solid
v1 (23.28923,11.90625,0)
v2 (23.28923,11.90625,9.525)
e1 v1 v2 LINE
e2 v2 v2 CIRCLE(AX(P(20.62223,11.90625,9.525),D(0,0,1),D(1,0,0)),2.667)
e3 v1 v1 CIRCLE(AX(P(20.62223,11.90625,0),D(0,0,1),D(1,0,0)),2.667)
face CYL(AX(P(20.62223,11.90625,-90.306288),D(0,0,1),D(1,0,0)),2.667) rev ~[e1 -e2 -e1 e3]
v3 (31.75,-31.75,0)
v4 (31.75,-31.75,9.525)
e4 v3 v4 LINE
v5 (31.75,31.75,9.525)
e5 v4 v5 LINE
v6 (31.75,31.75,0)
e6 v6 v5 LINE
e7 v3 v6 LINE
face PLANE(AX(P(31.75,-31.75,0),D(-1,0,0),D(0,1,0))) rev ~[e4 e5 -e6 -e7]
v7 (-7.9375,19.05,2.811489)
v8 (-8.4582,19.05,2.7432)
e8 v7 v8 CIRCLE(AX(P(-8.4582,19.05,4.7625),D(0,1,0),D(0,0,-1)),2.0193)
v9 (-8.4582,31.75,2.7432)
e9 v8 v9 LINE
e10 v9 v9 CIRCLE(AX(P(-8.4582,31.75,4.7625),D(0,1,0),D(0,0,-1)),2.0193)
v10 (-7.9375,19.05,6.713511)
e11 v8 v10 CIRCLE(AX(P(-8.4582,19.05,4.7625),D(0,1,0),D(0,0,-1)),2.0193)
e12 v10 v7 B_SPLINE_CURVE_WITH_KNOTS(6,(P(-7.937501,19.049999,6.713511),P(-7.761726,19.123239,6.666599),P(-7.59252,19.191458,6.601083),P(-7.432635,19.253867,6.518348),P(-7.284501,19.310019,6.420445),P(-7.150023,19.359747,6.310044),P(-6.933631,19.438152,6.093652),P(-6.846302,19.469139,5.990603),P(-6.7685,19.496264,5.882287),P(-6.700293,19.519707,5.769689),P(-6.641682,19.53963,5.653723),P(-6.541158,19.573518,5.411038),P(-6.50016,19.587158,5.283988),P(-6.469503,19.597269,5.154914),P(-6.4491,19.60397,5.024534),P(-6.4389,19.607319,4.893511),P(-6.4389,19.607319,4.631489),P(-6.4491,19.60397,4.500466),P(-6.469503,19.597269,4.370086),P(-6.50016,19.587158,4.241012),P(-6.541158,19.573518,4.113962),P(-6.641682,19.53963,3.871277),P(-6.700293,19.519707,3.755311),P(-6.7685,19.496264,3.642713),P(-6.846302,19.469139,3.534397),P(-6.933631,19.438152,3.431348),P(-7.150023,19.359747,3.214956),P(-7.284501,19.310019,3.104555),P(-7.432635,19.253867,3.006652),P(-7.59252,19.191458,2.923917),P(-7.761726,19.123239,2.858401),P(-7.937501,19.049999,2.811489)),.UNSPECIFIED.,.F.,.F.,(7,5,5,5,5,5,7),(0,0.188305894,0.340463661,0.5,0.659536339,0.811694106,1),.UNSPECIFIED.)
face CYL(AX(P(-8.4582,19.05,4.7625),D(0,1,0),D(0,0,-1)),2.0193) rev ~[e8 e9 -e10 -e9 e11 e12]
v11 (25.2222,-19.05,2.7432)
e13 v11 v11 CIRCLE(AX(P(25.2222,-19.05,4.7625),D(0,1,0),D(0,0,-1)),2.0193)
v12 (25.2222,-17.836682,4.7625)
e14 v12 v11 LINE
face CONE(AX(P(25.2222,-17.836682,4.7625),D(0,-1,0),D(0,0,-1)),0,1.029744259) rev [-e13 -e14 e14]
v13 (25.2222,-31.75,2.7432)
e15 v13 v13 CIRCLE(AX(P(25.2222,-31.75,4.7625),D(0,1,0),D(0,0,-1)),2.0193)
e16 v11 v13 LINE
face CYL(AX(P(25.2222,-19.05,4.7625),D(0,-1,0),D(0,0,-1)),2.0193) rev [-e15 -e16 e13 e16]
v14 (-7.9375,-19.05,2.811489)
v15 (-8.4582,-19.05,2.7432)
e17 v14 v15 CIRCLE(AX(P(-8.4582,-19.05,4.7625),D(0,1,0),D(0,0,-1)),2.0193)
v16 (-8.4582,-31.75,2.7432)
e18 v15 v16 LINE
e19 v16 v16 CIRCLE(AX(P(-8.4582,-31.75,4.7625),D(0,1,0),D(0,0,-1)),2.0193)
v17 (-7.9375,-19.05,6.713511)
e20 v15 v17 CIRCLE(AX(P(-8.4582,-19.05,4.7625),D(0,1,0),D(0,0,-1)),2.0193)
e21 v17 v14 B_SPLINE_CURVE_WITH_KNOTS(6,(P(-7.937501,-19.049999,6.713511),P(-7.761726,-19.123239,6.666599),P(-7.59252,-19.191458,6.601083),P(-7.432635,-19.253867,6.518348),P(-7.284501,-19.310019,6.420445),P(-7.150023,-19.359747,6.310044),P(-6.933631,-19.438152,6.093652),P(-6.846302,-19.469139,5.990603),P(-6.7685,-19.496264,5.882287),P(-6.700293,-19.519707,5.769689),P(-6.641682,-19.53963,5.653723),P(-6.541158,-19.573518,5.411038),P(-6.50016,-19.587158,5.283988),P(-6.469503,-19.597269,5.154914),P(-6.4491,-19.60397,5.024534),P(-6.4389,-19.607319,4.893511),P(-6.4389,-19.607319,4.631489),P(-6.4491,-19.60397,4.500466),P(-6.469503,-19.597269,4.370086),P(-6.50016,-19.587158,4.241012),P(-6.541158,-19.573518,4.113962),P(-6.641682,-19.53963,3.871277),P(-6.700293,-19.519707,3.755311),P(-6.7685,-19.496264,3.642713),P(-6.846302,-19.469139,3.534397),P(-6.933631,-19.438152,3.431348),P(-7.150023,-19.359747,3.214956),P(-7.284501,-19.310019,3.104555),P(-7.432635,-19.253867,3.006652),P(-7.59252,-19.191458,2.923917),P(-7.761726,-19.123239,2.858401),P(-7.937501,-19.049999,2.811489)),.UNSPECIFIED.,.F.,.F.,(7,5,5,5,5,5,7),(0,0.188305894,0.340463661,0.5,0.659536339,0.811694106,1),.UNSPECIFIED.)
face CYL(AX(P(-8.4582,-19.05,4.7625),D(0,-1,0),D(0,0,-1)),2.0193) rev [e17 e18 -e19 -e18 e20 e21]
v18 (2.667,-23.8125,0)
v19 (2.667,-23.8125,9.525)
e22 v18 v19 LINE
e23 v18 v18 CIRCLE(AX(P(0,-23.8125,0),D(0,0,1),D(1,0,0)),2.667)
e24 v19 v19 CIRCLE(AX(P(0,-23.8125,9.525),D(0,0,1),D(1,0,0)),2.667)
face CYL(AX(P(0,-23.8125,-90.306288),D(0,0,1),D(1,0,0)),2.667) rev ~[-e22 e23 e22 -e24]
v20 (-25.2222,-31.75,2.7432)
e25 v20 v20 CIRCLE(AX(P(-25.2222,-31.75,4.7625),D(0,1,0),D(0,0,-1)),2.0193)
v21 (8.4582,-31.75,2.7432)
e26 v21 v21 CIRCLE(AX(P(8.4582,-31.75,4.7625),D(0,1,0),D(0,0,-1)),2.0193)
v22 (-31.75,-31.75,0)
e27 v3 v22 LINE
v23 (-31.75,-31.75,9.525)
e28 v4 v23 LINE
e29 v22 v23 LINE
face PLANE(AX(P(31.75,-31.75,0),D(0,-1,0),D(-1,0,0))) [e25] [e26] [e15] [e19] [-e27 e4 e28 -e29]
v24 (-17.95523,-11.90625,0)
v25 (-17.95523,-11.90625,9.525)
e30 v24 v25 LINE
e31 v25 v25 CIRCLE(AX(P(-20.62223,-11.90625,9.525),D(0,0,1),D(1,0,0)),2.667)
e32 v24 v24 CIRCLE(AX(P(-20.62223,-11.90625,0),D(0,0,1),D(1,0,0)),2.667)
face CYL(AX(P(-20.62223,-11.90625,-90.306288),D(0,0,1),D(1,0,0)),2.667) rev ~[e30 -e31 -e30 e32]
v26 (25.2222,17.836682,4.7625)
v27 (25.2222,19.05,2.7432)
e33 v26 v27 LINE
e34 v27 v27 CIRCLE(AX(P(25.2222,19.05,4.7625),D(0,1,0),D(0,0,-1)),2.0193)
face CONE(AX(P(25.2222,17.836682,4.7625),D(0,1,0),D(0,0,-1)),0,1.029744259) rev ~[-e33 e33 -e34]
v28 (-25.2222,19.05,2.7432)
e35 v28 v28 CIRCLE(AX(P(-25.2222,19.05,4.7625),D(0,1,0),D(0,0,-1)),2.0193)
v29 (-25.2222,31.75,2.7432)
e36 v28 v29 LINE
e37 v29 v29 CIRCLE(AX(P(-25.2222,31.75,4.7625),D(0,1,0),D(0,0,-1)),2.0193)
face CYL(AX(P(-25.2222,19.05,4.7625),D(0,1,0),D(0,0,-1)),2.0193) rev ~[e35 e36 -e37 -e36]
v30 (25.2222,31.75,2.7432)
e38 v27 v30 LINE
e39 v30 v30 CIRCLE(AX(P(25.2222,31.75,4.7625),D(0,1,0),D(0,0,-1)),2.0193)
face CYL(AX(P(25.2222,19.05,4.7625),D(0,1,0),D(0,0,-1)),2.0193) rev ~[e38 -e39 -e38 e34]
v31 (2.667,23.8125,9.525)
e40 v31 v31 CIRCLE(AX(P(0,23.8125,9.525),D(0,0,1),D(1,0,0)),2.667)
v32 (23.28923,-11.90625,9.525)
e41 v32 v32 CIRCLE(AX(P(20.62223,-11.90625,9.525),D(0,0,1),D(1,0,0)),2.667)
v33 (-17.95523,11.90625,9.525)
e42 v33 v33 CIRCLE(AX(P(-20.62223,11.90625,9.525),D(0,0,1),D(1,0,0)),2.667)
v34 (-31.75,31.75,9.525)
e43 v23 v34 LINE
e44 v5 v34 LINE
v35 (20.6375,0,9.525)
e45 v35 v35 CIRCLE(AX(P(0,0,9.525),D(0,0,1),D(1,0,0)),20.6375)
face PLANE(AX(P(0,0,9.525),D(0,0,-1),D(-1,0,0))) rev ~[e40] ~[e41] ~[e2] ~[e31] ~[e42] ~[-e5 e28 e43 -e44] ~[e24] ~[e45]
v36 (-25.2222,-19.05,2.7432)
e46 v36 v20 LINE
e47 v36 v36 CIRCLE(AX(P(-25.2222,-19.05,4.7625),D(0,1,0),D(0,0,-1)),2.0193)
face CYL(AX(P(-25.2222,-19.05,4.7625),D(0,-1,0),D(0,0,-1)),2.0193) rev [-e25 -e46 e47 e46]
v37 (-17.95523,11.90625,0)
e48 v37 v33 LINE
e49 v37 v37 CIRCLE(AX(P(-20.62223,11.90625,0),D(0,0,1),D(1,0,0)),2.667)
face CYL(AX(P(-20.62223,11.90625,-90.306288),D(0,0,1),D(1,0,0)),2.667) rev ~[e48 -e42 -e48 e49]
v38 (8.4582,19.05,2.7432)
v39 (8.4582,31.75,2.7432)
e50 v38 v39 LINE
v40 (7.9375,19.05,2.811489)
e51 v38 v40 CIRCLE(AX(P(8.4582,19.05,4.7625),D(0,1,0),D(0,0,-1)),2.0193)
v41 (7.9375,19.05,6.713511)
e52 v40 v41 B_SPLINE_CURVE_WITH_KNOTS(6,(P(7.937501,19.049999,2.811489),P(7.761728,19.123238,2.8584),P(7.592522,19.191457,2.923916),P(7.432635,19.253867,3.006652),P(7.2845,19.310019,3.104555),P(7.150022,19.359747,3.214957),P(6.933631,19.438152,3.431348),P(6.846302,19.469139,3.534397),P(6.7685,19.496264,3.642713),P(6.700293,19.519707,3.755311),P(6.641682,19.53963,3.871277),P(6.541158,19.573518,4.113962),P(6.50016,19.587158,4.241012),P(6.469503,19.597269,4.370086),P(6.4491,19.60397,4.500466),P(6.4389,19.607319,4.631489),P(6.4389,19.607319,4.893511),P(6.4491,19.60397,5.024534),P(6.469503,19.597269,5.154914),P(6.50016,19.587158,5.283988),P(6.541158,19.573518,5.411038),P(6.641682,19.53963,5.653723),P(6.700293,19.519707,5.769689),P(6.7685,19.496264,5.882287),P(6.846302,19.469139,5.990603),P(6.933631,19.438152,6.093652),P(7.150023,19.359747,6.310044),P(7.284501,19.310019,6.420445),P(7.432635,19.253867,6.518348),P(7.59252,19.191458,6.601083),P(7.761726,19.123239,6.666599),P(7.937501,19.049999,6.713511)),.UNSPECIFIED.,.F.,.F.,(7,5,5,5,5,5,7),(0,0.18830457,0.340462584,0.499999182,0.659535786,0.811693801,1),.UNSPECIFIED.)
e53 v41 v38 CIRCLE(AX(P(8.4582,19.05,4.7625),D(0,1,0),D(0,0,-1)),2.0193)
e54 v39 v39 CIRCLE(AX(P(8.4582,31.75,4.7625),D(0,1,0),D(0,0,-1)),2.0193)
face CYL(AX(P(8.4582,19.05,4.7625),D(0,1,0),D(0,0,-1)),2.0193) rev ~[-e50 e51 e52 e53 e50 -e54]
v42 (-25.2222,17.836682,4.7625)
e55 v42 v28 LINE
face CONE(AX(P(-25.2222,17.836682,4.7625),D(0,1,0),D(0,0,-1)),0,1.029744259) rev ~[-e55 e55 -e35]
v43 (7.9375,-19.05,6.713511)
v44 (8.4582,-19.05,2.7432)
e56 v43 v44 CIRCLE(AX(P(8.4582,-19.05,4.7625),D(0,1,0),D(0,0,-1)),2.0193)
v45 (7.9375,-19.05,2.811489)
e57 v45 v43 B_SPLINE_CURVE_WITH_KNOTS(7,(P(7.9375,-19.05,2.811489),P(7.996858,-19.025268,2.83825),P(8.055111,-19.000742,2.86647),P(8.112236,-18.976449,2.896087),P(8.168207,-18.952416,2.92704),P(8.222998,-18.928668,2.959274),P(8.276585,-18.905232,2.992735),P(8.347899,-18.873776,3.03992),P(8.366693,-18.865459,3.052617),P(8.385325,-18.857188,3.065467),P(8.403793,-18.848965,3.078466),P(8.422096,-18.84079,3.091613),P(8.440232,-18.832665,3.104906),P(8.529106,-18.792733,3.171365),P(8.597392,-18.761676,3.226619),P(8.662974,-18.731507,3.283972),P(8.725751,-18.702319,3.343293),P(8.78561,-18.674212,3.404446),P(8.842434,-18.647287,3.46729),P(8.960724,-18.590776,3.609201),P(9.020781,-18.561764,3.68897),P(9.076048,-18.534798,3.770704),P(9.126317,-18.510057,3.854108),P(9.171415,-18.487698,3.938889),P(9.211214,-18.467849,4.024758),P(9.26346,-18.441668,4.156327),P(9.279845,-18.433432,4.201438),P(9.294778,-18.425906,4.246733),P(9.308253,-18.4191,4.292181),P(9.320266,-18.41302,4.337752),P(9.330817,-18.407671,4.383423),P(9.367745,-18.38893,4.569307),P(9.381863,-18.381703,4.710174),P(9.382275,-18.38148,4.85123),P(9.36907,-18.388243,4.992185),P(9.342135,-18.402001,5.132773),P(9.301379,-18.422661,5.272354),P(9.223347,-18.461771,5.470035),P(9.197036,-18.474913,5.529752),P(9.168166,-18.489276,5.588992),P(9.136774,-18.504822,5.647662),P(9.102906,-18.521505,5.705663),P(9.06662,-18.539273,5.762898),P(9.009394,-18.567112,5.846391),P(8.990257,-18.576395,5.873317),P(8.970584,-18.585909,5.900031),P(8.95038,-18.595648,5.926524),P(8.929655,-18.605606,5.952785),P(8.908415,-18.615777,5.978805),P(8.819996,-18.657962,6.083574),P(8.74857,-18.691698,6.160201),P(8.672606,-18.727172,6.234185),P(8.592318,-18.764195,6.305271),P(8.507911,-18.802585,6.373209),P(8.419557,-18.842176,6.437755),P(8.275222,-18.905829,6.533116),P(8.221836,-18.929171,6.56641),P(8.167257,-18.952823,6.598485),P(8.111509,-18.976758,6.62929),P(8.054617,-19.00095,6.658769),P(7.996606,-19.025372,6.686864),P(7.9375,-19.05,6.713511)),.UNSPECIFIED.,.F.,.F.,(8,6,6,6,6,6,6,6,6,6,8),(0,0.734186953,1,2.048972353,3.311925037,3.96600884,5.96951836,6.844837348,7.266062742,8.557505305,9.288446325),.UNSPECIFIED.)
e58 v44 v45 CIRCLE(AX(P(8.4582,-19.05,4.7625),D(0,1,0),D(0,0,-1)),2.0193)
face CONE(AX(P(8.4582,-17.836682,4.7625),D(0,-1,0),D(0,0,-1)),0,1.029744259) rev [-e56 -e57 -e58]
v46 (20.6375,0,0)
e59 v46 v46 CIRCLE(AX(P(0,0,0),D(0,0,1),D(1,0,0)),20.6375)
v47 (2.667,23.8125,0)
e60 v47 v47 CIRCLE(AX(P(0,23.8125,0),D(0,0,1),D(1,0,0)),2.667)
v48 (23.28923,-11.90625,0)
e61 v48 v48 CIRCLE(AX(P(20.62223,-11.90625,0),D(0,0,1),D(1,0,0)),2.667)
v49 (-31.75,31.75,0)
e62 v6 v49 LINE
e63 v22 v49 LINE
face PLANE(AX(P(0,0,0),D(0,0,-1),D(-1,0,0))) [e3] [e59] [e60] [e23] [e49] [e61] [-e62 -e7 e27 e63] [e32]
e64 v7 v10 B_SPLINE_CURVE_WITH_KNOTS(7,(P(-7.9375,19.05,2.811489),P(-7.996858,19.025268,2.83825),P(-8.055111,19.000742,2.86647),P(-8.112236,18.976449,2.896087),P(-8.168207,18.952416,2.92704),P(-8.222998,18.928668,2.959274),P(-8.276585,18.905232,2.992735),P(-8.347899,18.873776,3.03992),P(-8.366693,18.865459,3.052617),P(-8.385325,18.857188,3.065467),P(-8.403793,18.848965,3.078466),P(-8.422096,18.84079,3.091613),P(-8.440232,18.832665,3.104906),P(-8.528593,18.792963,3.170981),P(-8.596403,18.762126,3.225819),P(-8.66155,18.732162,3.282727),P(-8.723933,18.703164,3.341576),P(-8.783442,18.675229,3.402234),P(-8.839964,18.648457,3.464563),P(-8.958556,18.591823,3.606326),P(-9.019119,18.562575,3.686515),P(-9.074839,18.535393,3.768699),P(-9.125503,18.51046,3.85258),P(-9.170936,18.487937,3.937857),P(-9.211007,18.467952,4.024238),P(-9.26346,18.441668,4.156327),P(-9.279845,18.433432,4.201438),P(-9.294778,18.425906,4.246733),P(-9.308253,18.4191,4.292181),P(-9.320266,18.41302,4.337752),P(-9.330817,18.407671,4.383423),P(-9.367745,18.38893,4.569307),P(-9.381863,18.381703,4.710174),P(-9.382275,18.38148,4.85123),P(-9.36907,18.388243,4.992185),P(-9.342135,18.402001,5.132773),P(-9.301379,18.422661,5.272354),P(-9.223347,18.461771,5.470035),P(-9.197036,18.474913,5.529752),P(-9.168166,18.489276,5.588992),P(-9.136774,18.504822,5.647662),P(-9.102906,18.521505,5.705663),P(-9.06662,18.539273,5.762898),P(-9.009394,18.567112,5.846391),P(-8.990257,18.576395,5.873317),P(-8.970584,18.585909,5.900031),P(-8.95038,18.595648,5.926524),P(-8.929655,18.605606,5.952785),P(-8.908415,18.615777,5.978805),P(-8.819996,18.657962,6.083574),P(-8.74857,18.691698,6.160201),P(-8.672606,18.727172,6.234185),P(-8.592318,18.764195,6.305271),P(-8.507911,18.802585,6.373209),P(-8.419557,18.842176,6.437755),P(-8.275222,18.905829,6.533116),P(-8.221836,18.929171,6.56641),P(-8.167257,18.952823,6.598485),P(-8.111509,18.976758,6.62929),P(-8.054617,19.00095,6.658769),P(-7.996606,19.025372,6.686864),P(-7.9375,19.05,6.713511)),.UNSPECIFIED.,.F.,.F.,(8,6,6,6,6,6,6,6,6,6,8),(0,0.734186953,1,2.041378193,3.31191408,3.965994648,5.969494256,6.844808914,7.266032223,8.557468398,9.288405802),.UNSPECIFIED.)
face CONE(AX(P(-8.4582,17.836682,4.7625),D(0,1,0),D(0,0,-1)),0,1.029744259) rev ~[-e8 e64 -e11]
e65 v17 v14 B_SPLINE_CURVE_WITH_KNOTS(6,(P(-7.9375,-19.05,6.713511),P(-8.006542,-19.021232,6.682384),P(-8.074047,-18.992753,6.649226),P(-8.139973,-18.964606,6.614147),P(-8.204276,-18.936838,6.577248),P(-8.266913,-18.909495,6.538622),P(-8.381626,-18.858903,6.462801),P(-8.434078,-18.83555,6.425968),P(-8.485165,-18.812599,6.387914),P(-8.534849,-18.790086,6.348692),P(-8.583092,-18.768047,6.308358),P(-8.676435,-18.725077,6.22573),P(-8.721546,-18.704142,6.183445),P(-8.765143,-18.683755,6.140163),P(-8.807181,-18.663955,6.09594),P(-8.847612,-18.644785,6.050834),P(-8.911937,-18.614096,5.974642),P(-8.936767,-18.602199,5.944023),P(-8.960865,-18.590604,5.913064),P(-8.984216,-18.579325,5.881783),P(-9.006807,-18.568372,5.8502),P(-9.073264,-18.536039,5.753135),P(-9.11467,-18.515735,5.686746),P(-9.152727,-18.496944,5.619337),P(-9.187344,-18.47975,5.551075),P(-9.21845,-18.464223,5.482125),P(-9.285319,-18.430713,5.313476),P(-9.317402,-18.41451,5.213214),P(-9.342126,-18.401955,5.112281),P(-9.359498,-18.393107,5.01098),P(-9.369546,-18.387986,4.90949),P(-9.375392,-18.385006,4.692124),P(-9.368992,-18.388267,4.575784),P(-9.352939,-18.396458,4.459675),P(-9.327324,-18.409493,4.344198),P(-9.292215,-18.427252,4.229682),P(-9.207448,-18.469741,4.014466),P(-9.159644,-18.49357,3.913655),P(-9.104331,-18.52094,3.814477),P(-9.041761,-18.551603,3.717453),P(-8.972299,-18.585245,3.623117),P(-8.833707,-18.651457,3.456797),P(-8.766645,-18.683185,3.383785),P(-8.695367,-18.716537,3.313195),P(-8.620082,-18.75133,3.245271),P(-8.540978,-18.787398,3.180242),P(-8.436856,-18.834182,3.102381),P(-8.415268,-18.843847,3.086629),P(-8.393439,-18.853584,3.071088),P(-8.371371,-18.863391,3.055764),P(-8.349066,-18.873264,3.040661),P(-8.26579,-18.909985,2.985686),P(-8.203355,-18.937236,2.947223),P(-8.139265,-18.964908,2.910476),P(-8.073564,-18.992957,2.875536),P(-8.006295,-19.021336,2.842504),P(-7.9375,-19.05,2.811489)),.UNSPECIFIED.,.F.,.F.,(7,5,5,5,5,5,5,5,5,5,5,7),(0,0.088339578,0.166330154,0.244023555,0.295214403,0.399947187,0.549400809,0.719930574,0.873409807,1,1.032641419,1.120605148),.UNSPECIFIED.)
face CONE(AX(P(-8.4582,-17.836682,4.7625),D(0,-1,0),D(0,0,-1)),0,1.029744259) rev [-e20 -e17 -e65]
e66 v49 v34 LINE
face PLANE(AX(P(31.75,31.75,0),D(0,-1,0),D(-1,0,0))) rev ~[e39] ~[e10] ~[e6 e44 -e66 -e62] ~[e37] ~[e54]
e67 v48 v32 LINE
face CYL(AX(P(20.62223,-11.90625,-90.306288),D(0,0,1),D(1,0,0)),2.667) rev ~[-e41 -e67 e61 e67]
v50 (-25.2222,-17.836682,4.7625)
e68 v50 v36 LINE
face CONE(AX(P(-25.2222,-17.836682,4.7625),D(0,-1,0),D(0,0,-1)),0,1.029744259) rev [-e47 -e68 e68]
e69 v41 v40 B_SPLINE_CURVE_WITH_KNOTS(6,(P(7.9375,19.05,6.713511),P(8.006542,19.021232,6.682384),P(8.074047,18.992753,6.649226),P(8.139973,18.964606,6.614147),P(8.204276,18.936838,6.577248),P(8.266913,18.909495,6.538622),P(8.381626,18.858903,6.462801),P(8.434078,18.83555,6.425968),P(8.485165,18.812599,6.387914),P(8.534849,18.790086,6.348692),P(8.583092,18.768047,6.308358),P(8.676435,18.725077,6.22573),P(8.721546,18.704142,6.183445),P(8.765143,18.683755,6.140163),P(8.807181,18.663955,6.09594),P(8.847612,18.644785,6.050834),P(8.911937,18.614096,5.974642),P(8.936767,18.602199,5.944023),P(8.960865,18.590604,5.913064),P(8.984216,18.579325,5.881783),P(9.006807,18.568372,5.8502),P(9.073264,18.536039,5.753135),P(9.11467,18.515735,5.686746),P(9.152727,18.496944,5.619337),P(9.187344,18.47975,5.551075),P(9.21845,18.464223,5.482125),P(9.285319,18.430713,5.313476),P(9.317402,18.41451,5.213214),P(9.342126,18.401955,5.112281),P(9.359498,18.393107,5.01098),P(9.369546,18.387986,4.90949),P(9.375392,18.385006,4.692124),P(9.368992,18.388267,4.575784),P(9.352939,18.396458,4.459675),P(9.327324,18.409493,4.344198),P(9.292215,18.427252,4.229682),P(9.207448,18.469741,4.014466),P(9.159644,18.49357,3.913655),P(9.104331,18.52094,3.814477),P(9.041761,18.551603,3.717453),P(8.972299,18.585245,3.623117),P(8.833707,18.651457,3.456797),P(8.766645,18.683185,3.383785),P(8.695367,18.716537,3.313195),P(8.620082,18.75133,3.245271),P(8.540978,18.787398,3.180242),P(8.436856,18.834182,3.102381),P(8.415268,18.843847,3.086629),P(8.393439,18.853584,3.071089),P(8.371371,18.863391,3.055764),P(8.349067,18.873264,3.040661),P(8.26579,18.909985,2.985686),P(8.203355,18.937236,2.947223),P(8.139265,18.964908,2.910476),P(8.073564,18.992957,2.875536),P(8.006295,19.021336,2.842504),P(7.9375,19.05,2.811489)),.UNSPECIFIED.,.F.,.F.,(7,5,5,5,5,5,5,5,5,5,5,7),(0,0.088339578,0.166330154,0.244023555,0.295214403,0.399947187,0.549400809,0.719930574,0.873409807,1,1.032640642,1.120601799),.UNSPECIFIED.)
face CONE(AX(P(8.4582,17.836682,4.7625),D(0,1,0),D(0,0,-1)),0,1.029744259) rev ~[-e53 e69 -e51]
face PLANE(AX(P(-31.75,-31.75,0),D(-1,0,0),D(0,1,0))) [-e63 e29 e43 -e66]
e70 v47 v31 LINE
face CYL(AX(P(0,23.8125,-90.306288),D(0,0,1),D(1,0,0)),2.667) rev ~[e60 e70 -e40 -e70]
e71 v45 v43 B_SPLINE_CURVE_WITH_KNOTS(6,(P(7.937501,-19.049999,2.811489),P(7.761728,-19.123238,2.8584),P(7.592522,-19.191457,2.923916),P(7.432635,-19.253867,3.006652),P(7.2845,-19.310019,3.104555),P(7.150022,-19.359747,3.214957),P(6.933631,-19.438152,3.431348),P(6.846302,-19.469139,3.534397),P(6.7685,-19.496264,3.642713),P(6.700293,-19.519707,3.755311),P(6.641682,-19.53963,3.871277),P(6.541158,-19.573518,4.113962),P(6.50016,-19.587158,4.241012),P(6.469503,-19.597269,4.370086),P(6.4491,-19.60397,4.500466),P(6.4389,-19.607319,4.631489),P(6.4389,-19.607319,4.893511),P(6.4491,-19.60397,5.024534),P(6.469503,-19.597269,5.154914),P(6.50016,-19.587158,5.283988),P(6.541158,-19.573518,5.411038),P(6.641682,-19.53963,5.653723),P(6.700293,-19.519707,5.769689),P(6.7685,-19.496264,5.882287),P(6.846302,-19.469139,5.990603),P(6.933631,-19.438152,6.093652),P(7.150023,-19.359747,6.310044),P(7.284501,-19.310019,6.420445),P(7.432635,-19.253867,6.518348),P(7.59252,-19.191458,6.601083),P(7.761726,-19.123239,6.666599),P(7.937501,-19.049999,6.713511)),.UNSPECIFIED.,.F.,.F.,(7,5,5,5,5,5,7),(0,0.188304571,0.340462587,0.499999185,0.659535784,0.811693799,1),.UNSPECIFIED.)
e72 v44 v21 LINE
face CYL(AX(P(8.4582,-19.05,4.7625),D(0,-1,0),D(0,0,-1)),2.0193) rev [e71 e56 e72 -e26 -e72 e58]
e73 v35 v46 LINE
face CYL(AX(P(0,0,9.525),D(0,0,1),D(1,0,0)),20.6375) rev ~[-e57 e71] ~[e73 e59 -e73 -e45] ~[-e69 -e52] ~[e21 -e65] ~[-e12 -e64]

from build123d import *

# Parameters (mm, degrees)
SKETCH1_W                       = 63.5
SKETCH1_H                       = 63.5
BOSS_EXTRUDE1_DEPTH             = 9.525
SKETCH2_R                       = 20.6375
CUT_EXTRUDE1_DEPTH              = 46.900442536
F_10_32_TAPPED_HOLE1_AT_2_COUNT = 2
F_10_32_TAPPED_HOLE1_AT_2_PITCH = 16.9164
F_10_32_TAPPED_HOLE1_AT_3_COUNT = 2
F_10_32_TAPPED_HOLE1_AT_3_PITCH = 33.6804
F_10_32_TAPPED_HOLE1_AT_4_COUNT = 2
F_10_32_TAPPED_HOLE1_AT_4_PITCH = 16.764
F_10_0_1935_DIAMETER_HOLE1_D    = 5.334


with BuildPart() as part:
    # Sketch1 → Boss-Extrude1 (new body)
    with BuildSketch(Plane(origin=(0, 0, 0), x_dir=(-1, 0, 0), z_dir=(0, 0, -1))):
        Rectangle(SKETCH1_W, SKETCH1_H)
    extrude(amount=-BOSS_EXTRUDE1_DEPTH)

    # Sketch2 → Cut-Extrude1 (cut, through all)
    with BuildSketch(Plane.XY.offset(9.525)):
        Circle(SKETCH2_R)
    extrude(amount=-CUT_EXTRUDE1_DEPTH, mode=Mode.SUBTRACT)

    # Sketch3 → #10-32 Tapped Hole1 (revolve, cut)
    with BuildSketch(Plane(origin=(8.4582, -31.75, 4.7625), x_dir=(0, 0, -1), z_dir=(1, 0, 0))):
        Polygon((0, 0), (0, 13.913317848), (2.0193, 12.7), (2.0193, 0), align=None)
    f_10_32_tapped_hole1 = revolve(axis=Axis((8.4582, -38.1, 4.7625), (0, 1, 0)), mode=Mode.SUBTRACT)

    # #10-32 Tapped Hole1 at 2: #10-32 Tapped Hole1 ×2
    with Locations(*[(-i * F_10_32_TAPPED_HOLE1_AT_2_PITCH, 0, 0) for i in range(1, F_10_32_TAPPED_HOLE1_AT_2_COUNT)]):
        add(f_10_32_tapped_hole1, mode=Mode.SUBTRACT)

    # #10-32 Tapped Hole1 at 3: #10-32 Tapped Hole1 ×2
    with Locations(*[(-i * F_10_32_TAPPED_HOLE1_AT_3_PITCH, 0, 0) for i in range(1, F_10_32_TAPPED_HOLE1_AT_3_COUNT)]):
        add(f_10_32_tapped_hole1, mode=Mode.SUBTRACT)

    # #10-32 Tapped Hole1 at 4: #10-32 Tapped Hole1 ×2
    with Locations(*[(i * F_10_32_TAPPED_HOLE1_AT_4_PITCH, 0, 0) for i in range(1, F_10_32_TAPPED_HOLE1_AT_4_COUNT)]):
        add(f_10_32_tapped_hole1, mode=Mode.SUBTRACT)

    # #10 (0.1935) Diameter Hole1 (through all)
    with Locations(Plane(origin=(0, 0, 0), x_dir=(-1, 0, 0), z_dir=(0, 0, -1))):
        with Locations((-20.622229928, 11.90625), (-20.622229928, -11.90625), (0, -23.8125), (20.622229928, -11.90625), (20.622229928, 11.90625), (0, 23.8125)):
            Hole(F_10_0_1935_DIAMETER_HOLE1_D / 2)

    # Mirror1: #10-32 Tapped Hole1 across plane
    add(f_10_32_tapped_hole1.mirror(Plane.ZX), mode=Mode.SUBTRACT)

    # Mirror1 copy 1 sketch → Mirror1 copy 1 (revolve, cut)
    with BuildSketch(Plane(origin=(-8.4582, 31.75, 4.7625), x_dir=(0, 0, -1), z_dir=(1, 0, 0))):
        Polygon((0, 0), (0, -13.913317848), (2.0193, -12.7), (2.0193, 0), align=None)
    revolve(axis=Axis((-8.4582, 38.1, 4.7625), (0, 1, 0)), mode=Mode.SUBTRACT)

    # Mirror1 copy 2 sketch → Mirror1 copy 2 (revolve, cut)
    with BuildSketch(Plane(origin=(-25.2222, 31.75, 4.7625), x_dir=(0, 0, -1), z_dir=(1, 0, 0))):
        Polygon((0, 0), (0, -13.913317848), (2.0193, -12.7), (2.0193, 0), align=None)
    revolve(axis=Axis((-25.2222, 38.1, 4.7625), (0, 1, 0)), mode=Mode.SUBTRACT)

    # Mirror1 copy 3 sketch → Mirror1 copy 3 (revolve, cut)
    with BuildSketch(Plane(origin=(25.2222, 31.75, 4.7625), x_dir=(0, 0, -1), z_dir=(1, 0, 0))):
        Polygon((0, 0), (0, -13.913317848), (2.0193, -12.7), (2.0193, 0), align=None)
    revolve(axis=Axis((25.2222, 38.1, 4.7625), (0, 1, 0)), mode=Mode.SUBTRACT)


solid = part.part
